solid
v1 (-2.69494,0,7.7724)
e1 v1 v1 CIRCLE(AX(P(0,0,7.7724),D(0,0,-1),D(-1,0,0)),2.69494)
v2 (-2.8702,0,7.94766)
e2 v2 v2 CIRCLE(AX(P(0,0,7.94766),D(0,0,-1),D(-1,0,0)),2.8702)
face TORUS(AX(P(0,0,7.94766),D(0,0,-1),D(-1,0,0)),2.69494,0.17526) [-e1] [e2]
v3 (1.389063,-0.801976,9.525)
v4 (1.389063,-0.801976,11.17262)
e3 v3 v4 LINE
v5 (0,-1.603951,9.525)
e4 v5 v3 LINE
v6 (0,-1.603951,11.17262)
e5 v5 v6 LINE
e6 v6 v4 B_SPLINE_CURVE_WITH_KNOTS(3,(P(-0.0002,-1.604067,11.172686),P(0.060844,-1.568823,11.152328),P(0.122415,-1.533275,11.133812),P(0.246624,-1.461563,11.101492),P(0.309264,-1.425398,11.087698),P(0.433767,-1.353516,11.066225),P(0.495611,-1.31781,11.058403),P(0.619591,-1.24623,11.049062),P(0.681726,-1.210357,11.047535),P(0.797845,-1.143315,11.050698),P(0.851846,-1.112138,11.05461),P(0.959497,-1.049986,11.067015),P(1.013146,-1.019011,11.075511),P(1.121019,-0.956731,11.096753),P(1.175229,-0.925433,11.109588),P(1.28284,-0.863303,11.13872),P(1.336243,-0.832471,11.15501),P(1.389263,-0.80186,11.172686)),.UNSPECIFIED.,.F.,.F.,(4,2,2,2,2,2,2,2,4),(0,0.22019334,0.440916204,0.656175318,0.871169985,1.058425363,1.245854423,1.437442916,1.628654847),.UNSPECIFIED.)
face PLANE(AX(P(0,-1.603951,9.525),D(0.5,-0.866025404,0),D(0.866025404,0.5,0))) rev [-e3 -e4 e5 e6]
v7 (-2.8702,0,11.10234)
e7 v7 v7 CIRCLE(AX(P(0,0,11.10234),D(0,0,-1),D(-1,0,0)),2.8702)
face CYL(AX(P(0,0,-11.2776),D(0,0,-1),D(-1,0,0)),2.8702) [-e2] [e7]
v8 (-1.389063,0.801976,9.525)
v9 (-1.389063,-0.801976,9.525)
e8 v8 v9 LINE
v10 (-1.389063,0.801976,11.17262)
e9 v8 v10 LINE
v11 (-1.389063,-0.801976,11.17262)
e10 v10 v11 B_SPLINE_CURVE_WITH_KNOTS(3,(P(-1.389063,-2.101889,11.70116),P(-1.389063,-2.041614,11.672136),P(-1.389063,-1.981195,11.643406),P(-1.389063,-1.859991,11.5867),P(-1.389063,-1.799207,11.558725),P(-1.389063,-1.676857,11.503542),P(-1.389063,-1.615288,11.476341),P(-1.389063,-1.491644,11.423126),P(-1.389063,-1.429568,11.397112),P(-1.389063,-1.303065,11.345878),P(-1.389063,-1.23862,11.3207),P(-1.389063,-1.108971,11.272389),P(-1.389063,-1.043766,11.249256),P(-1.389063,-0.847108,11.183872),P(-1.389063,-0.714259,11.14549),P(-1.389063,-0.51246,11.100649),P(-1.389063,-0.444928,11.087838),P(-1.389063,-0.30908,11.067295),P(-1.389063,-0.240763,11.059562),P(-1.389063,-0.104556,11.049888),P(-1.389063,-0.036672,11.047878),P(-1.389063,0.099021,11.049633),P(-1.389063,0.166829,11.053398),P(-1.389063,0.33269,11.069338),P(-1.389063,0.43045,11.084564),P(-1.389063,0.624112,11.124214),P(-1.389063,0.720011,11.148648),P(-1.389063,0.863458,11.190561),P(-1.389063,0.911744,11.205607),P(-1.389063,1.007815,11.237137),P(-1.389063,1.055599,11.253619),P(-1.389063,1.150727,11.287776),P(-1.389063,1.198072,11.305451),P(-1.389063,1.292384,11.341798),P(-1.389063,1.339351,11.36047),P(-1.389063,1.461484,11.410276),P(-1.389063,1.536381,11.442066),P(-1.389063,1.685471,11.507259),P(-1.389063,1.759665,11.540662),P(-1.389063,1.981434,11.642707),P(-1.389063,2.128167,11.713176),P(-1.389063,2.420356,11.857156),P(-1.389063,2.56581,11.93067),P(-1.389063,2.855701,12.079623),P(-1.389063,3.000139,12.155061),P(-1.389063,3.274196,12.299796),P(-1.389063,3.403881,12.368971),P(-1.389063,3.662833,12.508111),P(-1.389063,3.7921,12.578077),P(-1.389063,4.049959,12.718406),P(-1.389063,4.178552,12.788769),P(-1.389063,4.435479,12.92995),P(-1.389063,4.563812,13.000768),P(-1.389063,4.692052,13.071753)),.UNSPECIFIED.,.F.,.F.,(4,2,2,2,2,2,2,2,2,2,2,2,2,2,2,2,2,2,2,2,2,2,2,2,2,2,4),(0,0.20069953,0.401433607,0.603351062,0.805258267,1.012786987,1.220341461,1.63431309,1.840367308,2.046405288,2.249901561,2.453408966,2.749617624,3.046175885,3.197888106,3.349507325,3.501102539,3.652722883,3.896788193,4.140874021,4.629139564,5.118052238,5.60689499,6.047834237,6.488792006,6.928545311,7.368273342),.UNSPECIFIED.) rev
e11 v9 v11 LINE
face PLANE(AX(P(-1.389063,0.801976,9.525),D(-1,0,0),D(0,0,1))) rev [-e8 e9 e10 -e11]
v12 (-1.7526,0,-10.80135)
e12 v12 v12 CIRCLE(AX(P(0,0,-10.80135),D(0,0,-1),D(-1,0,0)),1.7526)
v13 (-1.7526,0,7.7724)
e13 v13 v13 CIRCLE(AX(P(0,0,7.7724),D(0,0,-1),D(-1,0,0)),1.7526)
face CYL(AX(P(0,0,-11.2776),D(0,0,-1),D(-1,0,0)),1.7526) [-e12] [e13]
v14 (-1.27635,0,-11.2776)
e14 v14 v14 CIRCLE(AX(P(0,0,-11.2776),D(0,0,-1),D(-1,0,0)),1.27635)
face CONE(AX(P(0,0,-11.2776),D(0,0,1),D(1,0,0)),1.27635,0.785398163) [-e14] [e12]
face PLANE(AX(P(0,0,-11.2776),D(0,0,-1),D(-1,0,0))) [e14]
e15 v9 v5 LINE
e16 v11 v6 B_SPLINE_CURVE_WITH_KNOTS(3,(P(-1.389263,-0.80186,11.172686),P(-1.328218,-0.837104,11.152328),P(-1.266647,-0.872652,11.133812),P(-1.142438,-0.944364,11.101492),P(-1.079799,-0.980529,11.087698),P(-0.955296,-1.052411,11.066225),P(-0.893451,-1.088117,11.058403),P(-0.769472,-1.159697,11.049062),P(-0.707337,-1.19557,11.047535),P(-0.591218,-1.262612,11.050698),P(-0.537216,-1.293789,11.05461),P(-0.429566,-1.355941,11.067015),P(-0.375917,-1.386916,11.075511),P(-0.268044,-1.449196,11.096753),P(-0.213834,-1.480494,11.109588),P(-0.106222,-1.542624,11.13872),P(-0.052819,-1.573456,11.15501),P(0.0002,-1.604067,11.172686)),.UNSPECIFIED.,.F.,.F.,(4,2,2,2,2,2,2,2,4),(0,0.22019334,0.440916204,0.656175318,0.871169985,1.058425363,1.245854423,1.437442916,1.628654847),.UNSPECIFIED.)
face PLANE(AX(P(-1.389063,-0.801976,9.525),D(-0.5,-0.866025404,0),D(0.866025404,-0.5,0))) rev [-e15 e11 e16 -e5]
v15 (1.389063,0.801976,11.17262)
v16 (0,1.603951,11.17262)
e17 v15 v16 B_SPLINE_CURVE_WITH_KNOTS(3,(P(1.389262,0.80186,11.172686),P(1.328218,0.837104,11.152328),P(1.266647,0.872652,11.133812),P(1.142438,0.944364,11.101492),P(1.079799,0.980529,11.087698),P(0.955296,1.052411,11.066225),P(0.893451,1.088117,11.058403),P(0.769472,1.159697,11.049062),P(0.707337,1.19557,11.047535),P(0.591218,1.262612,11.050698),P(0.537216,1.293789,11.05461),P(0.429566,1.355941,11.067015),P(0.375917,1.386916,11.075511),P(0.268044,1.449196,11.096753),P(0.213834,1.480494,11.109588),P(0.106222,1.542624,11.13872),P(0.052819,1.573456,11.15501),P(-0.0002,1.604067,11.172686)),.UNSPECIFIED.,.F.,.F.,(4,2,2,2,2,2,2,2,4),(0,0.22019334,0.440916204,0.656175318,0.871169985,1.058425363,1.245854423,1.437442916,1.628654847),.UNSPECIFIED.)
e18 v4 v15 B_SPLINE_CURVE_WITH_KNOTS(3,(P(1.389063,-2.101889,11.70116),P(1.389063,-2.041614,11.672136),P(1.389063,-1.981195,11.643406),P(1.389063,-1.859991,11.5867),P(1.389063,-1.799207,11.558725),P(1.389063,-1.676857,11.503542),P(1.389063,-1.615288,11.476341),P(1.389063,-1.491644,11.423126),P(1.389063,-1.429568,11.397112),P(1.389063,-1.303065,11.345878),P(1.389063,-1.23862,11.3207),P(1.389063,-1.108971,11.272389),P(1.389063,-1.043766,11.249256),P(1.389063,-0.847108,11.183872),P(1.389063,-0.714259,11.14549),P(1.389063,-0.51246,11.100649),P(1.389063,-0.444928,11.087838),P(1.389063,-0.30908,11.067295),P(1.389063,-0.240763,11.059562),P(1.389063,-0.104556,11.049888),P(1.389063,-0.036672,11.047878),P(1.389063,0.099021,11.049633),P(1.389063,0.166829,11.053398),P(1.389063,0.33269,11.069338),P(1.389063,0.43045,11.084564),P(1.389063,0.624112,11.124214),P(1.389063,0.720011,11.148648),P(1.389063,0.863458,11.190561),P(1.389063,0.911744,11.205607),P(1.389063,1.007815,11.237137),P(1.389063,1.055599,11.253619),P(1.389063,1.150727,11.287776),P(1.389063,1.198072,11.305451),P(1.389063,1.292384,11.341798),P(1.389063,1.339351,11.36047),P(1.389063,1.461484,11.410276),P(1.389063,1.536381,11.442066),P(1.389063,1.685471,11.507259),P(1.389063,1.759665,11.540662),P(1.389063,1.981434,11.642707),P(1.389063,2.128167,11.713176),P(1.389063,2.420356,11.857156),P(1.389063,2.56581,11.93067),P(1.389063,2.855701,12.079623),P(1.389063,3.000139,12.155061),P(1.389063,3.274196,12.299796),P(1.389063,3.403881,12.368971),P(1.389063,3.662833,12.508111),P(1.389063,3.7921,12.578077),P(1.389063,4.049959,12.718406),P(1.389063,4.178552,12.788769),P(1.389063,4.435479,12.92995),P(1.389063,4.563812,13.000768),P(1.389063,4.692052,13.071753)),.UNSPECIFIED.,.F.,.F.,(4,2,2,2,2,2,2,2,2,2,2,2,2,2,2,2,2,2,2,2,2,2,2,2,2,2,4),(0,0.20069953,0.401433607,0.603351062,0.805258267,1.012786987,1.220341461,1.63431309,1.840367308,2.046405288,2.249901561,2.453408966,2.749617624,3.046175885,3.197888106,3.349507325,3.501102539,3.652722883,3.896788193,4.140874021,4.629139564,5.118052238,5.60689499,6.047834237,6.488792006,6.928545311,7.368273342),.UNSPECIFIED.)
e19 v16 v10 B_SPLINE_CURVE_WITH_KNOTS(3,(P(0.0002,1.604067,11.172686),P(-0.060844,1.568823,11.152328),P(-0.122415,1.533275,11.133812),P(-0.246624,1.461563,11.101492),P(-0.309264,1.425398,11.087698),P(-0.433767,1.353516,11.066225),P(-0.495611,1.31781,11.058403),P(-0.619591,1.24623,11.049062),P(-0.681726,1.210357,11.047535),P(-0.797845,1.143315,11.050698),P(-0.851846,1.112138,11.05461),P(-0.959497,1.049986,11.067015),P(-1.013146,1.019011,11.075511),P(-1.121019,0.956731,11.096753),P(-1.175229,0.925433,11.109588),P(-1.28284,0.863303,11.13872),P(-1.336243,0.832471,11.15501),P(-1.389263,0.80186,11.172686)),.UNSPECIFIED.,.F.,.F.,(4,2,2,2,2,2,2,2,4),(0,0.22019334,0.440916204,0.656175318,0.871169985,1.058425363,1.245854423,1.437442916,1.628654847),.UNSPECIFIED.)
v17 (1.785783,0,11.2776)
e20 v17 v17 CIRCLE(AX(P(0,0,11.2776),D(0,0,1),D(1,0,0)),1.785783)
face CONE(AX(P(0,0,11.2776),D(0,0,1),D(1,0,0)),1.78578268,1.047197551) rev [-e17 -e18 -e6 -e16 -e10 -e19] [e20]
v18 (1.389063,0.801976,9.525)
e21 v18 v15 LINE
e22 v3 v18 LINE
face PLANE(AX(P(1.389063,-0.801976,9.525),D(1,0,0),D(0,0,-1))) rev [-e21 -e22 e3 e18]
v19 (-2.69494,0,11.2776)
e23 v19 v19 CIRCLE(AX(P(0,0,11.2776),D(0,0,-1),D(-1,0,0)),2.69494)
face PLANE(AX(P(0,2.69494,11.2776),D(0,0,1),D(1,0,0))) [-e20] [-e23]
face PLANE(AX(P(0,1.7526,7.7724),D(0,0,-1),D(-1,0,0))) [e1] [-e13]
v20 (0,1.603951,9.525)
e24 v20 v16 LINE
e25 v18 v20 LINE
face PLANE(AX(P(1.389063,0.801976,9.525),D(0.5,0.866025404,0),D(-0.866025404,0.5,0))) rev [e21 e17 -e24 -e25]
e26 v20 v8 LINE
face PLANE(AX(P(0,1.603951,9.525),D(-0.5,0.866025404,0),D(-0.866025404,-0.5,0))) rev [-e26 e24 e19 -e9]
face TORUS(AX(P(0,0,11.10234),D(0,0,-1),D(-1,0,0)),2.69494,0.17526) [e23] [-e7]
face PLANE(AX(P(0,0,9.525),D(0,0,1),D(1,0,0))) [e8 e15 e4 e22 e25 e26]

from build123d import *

# Parameters (mm, degrees)
CUT_EXTRUDE1_START = 11.2776
CUT_EXTRUDE1_DEPTH = 1.7526


with BuildPart() as part:
    # Sketch2 → Revolve1 (revolve)
    with BuildSketch(Plane(origin=(0, 0, 0), x_dir=(0, 0, -1), z_dir=(1, 0, 0)), mode=Mode.PRIVATE) as revolve1_sk:
        with BuildLine():
            Line((11.2776, 0), (11.2776, 1.27635))
            Line((11.2776, 1.27635), (10.80135, 1.7526))
            Line((10.80135, 1.7526), (-7.7724, 1.7526))
            Line((-7.7724, 1.7526), (-7.7724, 2.69494))
            ThreePointArc((-7.7724, 2.69494), (-7.823732466, 2.818867534), (-7.94766, 2.8702))
            Line((-7.94766, 2.8702), (-11.10234, 2.8702))
            ThreePointArc((-11.10234, 2.8702), (-11.226267534, 2.818867534), (-11.2776, 2.69494))
            Line((-11.2776, 2.69494), (-11.2776, 0))
            Line((-11.2776, 0), (11.2776, 0))
        make_face()
    revolve(revolve1_sk.sketch.rotate(Axis((0, 0, -11.2776), (0, 0, 1)), 90), axis=Axis((0, 0, -11.2776), (0, 0, 1)))

    # Sketch3 → Cut-Extrude1 (cut)
    with BuildSketch(Plane.XY.offset(CUT_EXTRUDE1_START)):
        Polygon((-1.3890625, 0.801975608), (-1.3890625, -0.801975608), (0, -1.603951217), (1.3890625, -0.801975608), (1.3890625, 0.801975608), (0, 1.603951217), align=None)
    extrude(amount=-CUT_EXTRUDE1_DEPTH, mode=Mode.SUBTRACT)

    # Cut-Extrude2 cone 1 section (through the dimple's axis) → Cut-Extrude2 (revolve, cut)
    with BuildSketch(Plane(origin=(0, 0, 11.2776), x_dir=(0, -1, 0), z_dir=(1, 0, 0))):
        Polygon((0, 0), (1.78578268, 0), (0, 1.031022111), align=None)
    revolve(axis=Axis((0, 0, 11.2776), (0, 0, -1)), mode=Mode.SUBTRACT)


solid = part.part
